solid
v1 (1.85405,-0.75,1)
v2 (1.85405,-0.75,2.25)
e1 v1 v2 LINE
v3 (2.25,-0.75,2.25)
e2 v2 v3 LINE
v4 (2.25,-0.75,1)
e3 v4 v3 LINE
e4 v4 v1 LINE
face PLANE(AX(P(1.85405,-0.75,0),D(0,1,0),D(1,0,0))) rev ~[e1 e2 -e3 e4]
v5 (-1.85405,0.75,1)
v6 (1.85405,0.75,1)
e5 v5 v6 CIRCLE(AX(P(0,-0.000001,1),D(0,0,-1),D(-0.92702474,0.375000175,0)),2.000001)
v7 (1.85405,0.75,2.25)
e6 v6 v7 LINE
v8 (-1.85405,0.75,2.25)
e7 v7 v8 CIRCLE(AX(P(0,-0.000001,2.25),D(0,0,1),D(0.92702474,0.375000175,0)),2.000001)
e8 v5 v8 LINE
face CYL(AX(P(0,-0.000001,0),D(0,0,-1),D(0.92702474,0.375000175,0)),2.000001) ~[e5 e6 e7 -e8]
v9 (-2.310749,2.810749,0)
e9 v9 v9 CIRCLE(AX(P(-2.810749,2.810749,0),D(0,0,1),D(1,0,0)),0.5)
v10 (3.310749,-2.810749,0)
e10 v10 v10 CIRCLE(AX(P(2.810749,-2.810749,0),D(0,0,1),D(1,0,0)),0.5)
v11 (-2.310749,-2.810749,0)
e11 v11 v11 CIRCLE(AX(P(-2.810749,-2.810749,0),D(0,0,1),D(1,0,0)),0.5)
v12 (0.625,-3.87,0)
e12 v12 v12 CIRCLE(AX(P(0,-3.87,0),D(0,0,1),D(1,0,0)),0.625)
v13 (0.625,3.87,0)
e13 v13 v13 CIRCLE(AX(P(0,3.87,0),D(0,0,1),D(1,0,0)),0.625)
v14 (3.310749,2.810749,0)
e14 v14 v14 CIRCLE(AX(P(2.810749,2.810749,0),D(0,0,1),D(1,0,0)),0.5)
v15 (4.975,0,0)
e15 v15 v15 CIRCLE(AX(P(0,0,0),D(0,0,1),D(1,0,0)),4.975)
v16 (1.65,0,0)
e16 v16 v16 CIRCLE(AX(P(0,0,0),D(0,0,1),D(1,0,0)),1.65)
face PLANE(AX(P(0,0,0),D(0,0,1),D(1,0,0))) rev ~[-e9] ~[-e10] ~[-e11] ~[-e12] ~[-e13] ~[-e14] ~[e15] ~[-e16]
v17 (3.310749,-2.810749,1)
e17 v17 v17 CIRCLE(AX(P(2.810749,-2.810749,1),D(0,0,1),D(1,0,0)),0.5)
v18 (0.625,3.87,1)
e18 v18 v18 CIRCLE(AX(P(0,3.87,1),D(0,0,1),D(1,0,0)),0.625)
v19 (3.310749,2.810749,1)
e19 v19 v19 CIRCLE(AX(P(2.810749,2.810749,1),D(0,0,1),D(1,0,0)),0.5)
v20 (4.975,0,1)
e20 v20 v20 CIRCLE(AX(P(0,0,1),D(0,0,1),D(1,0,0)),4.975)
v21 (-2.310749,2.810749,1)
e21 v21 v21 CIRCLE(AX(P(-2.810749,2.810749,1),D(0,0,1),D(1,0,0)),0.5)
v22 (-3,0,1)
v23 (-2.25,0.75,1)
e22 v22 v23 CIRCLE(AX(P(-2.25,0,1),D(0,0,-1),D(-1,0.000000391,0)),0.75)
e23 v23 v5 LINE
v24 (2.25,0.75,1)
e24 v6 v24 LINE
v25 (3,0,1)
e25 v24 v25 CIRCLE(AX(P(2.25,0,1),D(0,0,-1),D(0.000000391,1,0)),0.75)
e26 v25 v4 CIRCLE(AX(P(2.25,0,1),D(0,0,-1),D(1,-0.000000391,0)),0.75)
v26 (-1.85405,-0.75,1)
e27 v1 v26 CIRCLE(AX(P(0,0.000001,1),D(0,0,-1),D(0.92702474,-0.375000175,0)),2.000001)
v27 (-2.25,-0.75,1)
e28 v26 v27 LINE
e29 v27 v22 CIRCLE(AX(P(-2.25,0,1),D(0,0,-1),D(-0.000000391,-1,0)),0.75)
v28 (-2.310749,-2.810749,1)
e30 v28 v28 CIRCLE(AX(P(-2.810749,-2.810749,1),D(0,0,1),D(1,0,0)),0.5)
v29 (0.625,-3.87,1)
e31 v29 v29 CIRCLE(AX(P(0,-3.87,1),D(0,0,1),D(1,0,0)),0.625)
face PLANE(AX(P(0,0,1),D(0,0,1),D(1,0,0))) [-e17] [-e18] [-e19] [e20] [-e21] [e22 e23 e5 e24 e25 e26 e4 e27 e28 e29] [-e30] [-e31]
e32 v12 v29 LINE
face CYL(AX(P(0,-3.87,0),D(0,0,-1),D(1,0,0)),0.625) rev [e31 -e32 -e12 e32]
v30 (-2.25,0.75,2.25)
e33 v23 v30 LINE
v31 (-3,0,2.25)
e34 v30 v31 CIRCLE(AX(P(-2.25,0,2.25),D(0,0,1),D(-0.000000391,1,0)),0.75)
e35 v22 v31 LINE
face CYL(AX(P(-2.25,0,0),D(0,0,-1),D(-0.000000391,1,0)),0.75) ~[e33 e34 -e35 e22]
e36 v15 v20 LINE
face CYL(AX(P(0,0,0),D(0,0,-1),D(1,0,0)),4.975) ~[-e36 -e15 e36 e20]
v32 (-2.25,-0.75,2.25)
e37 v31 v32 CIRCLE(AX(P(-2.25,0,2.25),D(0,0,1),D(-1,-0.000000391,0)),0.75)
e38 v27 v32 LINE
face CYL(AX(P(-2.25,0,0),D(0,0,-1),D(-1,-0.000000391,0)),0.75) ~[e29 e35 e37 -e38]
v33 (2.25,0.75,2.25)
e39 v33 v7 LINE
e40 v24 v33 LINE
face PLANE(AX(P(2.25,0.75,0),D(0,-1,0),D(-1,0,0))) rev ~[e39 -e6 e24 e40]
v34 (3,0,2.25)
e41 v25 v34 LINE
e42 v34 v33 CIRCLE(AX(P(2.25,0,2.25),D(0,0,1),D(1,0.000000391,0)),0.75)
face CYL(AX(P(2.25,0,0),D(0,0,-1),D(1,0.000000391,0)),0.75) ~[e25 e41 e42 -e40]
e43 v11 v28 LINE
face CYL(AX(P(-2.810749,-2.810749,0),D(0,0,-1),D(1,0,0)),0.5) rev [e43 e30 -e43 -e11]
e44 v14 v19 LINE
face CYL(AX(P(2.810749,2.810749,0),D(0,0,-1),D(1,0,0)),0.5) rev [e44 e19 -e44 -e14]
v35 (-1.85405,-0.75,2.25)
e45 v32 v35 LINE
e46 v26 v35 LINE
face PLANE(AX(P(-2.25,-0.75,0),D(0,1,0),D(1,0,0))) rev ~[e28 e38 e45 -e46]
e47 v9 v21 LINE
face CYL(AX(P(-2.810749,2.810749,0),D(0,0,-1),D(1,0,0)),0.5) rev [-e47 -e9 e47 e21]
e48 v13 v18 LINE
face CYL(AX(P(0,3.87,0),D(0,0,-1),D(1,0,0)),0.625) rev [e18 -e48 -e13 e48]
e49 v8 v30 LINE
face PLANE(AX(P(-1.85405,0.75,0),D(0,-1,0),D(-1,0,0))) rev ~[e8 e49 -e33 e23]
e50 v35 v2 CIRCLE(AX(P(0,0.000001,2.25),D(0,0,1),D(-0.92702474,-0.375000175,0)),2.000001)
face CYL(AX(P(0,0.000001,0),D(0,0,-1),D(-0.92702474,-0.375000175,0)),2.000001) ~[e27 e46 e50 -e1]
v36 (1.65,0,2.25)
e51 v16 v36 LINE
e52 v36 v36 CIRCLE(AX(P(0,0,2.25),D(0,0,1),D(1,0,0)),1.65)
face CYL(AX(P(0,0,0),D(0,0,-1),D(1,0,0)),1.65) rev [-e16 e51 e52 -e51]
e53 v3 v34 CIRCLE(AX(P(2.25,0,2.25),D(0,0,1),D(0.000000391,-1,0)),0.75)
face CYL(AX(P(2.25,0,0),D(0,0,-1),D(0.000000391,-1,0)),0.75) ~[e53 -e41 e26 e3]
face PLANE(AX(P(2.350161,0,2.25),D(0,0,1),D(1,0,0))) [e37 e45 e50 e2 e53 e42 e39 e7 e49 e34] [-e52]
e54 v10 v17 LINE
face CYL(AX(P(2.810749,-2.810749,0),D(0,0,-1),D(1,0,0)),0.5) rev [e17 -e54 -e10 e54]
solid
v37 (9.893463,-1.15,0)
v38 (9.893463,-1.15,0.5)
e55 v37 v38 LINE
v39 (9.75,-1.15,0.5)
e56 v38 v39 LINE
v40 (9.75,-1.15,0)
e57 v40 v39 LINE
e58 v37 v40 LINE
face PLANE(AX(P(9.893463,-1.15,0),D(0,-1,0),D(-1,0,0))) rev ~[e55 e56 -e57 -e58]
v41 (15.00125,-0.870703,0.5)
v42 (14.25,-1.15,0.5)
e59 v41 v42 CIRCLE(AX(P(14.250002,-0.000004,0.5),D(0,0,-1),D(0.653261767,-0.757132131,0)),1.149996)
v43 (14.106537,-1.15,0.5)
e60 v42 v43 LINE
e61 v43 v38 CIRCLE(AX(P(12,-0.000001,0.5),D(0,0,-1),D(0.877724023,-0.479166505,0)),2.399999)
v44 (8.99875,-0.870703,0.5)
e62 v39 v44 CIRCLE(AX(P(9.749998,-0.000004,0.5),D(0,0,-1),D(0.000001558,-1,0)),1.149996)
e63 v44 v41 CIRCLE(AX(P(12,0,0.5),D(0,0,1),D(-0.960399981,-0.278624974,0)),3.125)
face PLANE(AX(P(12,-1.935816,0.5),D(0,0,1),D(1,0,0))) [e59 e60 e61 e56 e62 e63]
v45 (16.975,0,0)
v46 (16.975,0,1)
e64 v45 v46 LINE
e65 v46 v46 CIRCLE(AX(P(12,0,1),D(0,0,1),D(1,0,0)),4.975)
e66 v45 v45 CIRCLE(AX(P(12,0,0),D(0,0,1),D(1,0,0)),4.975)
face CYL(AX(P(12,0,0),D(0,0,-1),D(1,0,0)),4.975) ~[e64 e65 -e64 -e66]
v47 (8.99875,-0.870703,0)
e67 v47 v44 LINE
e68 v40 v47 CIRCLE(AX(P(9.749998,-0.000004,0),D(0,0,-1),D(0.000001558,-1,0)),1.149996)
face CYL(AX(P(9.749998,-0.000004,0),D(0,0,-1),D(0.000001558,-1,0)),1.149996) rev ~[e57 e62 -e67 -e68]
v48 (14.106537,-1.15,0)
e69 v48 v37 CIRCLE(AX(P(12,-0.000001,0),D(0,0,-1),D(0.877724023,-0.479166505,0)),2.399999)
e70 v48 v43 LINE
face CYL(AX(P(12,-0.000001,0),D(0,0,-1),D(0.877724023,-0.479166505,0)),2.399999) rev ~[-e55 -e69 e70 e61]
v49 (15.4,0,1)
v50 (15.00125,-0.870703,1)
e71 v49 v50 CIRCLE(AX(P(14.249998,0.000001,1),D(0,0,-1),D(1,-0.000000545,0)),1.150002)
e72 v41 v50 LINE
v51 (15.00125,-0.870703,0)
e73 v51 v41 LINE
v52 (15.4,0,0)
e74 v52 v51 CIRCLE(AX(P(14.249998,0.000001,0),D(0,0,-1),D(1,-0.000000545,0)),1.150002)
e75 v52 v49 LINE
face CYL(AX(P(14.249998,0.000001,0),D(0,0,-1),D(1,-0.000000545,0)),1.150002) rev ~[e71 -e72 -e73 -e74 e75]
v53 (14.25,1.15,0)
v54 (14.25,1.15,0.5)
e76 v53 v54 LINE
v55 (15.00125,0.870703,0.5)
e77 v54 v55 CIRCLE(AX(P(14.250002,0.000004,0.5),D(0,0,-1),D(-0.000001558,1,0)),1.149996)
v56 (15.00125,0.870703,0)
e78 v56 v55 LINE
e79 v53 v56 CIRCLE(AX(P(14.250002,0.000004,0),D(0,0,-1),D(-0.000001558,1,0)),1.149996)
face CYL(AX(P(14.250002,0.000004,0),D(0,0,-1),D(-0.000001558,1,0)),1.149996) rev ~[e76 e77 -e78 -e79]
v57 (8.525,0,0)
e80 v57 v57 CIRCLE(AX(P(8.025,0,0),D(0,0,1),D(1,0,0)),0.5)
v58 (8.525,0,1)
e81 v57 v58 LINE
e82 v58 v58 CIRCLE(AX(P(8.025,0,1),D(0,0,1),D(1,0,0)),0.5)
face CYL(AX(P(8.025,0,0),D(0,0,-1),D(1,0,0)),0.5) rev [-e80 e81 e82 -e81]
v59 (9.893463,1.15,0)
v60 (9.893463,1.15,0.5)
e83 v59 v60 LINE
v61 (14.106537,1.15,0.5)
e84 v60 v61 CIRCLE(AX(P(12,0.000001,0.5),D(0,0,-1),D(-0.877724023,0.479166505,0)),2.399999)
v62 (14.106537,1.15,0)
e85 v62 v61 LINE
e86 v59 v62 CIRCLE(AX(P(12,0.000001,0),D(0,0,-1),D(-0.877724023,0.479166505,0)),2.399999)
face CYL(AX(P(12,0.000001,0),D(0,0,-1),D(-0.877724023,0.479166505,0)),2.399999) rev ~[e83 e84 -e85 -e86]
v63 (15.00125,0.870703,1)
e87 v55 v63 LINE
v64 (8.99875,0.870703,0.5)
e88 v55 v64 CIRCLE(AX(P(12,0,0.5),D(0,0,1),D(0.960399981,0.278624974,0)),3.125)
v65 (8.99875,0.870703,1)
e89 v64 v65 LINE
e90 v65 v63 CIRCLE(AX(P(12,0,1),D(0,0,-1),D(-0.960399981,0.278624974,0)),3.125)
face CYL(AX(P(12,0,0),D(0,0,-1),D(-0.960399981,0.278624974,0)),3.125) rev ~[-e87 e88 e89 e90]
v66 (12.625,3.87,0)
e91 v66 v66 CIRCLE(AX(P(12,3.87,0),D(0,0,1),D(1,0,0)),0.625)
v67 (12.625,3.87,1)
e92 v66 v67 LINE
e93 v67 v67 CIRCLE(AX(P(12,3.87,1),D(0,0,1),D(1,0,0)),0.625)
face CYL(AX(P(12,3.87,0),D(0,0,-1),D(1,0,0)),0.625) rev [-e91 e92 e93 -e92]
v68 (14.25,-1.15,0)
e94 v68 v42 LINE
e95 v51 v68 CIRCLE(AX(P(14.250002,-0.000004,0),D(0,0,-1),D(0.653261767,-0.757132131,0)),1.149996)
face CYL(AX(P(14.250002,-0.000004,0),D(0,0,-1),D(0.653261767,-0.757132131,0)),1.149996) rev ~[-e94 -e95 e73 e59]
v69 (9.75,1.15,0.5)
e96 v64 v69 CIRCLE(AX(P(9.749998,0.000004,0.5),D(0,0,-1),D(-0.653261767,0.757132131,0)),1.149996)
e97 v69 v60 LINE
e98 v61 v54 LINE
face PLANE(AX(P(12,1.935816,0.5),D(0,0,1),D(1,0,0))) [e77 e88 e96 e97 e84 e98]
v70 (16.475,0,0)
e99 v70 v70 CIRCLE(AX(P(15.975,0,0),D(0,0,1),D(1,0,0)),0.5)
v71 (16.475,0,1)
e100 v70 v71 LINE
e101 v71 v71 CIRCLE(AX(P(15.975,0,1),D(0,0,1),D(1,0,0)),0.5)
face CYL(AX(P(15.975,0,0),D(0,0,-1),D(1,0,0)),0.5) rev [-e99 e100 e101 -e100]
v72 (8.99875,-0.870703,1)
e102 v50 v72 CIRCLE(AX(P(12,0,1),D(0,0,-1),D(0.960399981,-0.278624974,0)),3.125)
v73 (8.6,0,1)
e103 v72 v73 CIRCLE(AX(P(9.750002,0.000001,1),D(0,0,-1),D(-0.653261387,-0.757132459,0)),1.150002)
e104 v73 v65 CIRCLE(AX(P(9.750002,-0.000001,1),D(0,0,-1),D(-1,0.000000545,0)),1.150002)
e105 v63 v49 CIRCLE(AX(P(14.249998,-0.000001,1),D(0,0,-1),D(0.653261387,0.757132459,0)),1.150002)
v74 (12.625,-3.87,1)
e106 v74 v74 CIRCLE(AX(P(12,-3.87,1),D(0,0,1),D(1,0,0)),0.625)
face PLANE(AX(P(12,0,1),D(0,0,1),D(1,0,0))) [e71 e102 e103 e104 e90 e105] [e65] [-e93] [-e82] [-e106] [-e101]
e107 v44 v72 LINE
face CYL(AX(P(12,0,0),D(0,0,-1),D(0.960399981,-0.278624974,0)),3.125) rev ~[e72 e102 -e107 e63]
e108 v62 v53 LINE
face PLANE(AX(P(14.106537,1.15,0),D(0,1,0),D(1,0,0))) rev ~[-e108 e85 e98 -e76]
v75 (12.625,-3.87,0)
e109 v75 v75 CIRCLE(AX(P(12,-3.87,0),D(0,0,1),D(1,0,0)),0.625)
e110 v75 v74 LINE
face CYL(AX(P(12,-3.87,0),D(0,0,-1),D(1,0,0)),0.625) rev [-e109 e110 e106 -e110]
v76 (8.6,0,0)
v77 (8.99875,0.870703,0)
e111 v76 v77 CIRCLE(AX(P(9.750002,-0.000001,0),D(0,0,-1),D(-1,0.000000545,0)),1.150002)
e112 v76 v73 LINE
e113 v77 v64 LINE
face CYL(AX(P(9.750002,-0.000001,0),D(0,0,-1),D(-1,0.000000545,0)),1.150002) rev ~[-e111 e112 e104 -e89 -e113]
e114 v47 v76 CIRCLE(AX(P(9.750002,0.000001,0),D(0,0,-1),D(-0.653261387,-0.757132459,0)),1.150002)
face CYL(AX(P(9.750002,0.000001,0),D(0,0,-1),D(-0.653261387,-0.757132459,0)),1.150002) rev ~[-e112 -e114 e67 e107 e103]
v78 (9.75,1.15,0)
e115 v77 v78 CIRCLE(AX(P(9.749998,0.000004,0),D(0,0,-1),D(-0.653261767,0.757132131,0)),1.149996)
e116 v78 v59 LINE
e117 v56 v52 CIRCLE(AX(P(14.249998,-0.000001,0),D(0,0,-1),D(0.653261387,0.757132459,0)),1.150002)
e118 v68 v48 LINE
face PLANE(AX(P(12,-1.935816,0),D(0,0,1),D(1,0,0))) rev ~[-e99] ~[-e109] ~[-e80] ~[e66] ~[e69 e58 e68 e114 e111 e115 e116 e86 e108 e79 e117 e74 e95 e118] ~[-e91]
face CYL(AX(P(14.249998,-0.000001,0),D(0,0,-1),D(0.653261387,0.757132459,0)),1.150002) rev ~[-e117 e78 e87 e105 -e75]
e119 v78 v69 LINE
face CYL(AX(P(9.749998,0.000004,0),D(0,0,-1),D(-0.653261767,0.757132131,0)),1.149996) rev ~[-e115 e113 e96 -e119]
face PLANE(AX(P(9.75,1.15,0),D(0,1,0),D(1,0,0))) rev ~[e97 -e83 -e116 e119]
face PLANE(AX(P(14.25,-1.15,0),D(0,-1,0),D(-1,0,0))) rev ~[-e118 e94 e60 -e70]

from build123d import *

# Parameters (mm, degrees)
F0_R     = 4.975
F0_R_2   = 0.625
F0_R_3   = 0.5
F1_DEPTH = 1
F0_R_4   = 1.65
F2_DEPTH = 2.25
F3_DEPTH = 1
F4_DEPTH = 0.5


with BuildPart() as f1:
    # F0 (on Top) → F1 (new body)
    with BuildSketch(Plane.XY):
        Circle(F0_R)
        with Locations((0, -3.87)):
            Circle(F0_R_2, mode=Mode.SUBTRACT)
        with Locations((-2.810749, -2.810749)):
            Circle(F0_R_3, mode=Mode.SUBTRACT)
        with Locations((2.810749, -2.810749)):
            Circle(F0_R_3, mode=Mode.SUBTRACT)
        with BuildLine():
            Line((-1.988247, -0.75), (-2.25, -0.75))
            ThreePointArc((-2.25, -0.75), (-2.78033, -0.53033), (-3, 0))
            ThreePointArc((-3, 0), (-2.78033, 0.53033), (-2.25, 0.75))
            Line((-2.25, 0.75), (-1.988247, 0.75))
            Line((-1.988247, 0.75), (-1.85405, 0.75))
            ThreePointArc((-1.85405, 0.75), (0, 2), (1.85405, 0.75))
            Line((1.85405, 0.75), (1.988247, 0.75))
            Line((1.988247, 0.75), (2.25, 0.75))
            ThreePointArc((2.25, 0.75), (2.78033, 0.53033), (3, 0))
            ThreePointArc((3, 0), (2.78033, -0.53033), (2.25, -0.75))
            Line((2.25, -0.75), (1.988247, -0.75))
            Line((1.988247, -0.75), (1.85405, -0.75))
            ThreePointArc((1.85405, -0.75), (0, -2), (-1.85405, -0.75))
            Line((-1.85405, -0.75), (-1.988247, -0.75))
        make_face(mode=Mode.SUBTRACT)
        with Locations((-2.810749, 2.810749)):
            Circle(F0_R_3, mode=Mode.SUBTRACT)
        with Locations((0, 3.87)):
            Circle(F0_R_2, mode=Mode.SUBTRACT)
        with Locations((2.810749, 2.810749)):
            Circle(F0_R_3, mode=Mode.SUBTRACT)
    extrude(amount=F1_DEPTH)

    # F0 (on Top) → F2 (join)
    with BuildSketch(Plane.XY):
        with BuildLine():
            ThreePointArc((2, 0), (1.963173, -0.382035), (1.85405, -0.75))
            Line((1.85405, -0.75), (1.988247, -0.75))
            Line((1.988247, -0.75), (2.25, -0.75))
            ThreePointArc((2.25, -0.75), (2.78033, -0.53033), (3, 0))
            ThreePointArc((3, 0), (2.78033, 0.53033), (2.25, 0.75))
            Line((2.25, 0.75), (1.988247, 0.75))
            Line((1.988247, 0.75), (1.85405, 0.75))
            ThreePointArc((1.85405, 0.75), (1.963173, 0.382035), (2, 0))
        make_face()
        with BuildLine():
            ThreePointArc((-1.85405, 0.75), (-2, 0), (-1.85405, -0.75))
            ThreePointArc((-1.85405, -0.75), (0, -2), (1.85405, -0.75))
            ThreePointArc((1.85405, -0.75), (1.963173, -0.382035), (2, 0))
            ThreePointArc((2, 0), (1.963173, 0.382035), (1.85405, 0.75))
            ThreePointArc((1.85405, 0.75), (0, 2), (-1.85405, 0.75))
        make_face()
        Circle(F0_R_4, mode=Mode.SUBTRACT)
        with BuildLine():
            ThreePointArc((-3, 0), (-2.78033, -0.53033), (-2.25, -0.75))
            Line((-2.25, -0.75), (-1.988247, -0.75))
            Line((-1.988247, -0.75), (-1.85405, -0.75))
            ThreePointArc((-1.85405, -0.75), (-2, 0), (-1.85405, 0.75))
            Line((-1.85405, 0.75), (-1.988247, 0.75))
            Line((-1.988247, 0.75), (-2.25, 0.75))
            ThreePointArc((-2.25, 0.75), (-2.78033, 0.53033), (-3, 0))
        make_face()
    extrude(amount=F2_DEPTH)


with BuildPart() as f3:
    # F0 (on Top) → F3 (new body)
    with BuildSketch(Plane.XY):
        with Locations((12, 0)):
            Circle(F0_R)
        with Locations((12, -3.87)):
            Circle(F0_R_2, mode=Mode.SUBTRACT)
        with Locations((8.025, 0)):
            Circle(F0_R_3, mode=Mode.SUBTRACT)
        with BuildLine():
            ThreePointArc((8.99875, 0.870703), (12, 3.125), (15.00125, 0.870703))
            ThreePointArc((15.00125, 0.870703), (15.295571, 0.478833), (15.4, 0))
            ThreePointArc((15.4, 0), (15.295571, -0.478833), (15.00125, -0.870703))
            ThreePointArc((15.00125, -0.870703), (12, -3.125), (8.99875, -0.870703))
            ThreePointArc((8.99875, -0.870703), (8.704429, -0.478833), (8.6, 0))
            ThreePointArc((8.6, 0), (8.704429, 0.478833), (8.99875, 0.870703))
        make_face(mode=Mode.SUBTRACT)
        with Locations((15.975, 0)):
            Circle(F0_R_3, mode=Mode.SUBTRACT)
        with Locations((12, 3.87)):
            Circle(F0_R_2, mode=Mode.SUBTRACT)
    extrude(amount=F3_DEPTH)

    # F0 (on Top) → F4 (join)
    with BuildSketch(Plane.XY):
        with BuildLine():
            ThreePointArc((8.99875, -0.870703), (12, -3.125), (15.00125, -0.870703))
            ThreePointArc((15.00125, -0.870703), (14.650744, -1.077917), (14.25, -1.15))
            Line((14.25, -1.15), (14.106537, -1.15))
            ThreePointArc((14.106537, -1.15), (12, -2.4), (9.893463, -1.15))
            Line((9.893463, -1.15), (9.75, -1.15))
            ThreePointArc((9.75, -1.15), (9.349256, -1.077917), (8.99875, -0.870703))
        make_face()
        with BuildLine():
            ThreePointArc((14.25, 1.15), (14.650744, 1.077917), (15.00125, 0.870703))
            ThreePointArc((15.00125, 0.870703), (12, 3.125), (8.99875, 0.870703))
            ThreePointArc((8.99875, 0.870703), (9.349256, 1.077917), (9.75, 1.15))
            Line((9.75, 1.15), (9.893463, 1.15))
            ThreePointArc((9.893463, 1.15), (12, 2.4), (14.106537, 1.15))
            Line((14.106537, 1.15), (14.25, 1.15))
        make_face()
    extrude(amount=F4_DEPTH)


solid = Compound([f1.part, f3.part])
